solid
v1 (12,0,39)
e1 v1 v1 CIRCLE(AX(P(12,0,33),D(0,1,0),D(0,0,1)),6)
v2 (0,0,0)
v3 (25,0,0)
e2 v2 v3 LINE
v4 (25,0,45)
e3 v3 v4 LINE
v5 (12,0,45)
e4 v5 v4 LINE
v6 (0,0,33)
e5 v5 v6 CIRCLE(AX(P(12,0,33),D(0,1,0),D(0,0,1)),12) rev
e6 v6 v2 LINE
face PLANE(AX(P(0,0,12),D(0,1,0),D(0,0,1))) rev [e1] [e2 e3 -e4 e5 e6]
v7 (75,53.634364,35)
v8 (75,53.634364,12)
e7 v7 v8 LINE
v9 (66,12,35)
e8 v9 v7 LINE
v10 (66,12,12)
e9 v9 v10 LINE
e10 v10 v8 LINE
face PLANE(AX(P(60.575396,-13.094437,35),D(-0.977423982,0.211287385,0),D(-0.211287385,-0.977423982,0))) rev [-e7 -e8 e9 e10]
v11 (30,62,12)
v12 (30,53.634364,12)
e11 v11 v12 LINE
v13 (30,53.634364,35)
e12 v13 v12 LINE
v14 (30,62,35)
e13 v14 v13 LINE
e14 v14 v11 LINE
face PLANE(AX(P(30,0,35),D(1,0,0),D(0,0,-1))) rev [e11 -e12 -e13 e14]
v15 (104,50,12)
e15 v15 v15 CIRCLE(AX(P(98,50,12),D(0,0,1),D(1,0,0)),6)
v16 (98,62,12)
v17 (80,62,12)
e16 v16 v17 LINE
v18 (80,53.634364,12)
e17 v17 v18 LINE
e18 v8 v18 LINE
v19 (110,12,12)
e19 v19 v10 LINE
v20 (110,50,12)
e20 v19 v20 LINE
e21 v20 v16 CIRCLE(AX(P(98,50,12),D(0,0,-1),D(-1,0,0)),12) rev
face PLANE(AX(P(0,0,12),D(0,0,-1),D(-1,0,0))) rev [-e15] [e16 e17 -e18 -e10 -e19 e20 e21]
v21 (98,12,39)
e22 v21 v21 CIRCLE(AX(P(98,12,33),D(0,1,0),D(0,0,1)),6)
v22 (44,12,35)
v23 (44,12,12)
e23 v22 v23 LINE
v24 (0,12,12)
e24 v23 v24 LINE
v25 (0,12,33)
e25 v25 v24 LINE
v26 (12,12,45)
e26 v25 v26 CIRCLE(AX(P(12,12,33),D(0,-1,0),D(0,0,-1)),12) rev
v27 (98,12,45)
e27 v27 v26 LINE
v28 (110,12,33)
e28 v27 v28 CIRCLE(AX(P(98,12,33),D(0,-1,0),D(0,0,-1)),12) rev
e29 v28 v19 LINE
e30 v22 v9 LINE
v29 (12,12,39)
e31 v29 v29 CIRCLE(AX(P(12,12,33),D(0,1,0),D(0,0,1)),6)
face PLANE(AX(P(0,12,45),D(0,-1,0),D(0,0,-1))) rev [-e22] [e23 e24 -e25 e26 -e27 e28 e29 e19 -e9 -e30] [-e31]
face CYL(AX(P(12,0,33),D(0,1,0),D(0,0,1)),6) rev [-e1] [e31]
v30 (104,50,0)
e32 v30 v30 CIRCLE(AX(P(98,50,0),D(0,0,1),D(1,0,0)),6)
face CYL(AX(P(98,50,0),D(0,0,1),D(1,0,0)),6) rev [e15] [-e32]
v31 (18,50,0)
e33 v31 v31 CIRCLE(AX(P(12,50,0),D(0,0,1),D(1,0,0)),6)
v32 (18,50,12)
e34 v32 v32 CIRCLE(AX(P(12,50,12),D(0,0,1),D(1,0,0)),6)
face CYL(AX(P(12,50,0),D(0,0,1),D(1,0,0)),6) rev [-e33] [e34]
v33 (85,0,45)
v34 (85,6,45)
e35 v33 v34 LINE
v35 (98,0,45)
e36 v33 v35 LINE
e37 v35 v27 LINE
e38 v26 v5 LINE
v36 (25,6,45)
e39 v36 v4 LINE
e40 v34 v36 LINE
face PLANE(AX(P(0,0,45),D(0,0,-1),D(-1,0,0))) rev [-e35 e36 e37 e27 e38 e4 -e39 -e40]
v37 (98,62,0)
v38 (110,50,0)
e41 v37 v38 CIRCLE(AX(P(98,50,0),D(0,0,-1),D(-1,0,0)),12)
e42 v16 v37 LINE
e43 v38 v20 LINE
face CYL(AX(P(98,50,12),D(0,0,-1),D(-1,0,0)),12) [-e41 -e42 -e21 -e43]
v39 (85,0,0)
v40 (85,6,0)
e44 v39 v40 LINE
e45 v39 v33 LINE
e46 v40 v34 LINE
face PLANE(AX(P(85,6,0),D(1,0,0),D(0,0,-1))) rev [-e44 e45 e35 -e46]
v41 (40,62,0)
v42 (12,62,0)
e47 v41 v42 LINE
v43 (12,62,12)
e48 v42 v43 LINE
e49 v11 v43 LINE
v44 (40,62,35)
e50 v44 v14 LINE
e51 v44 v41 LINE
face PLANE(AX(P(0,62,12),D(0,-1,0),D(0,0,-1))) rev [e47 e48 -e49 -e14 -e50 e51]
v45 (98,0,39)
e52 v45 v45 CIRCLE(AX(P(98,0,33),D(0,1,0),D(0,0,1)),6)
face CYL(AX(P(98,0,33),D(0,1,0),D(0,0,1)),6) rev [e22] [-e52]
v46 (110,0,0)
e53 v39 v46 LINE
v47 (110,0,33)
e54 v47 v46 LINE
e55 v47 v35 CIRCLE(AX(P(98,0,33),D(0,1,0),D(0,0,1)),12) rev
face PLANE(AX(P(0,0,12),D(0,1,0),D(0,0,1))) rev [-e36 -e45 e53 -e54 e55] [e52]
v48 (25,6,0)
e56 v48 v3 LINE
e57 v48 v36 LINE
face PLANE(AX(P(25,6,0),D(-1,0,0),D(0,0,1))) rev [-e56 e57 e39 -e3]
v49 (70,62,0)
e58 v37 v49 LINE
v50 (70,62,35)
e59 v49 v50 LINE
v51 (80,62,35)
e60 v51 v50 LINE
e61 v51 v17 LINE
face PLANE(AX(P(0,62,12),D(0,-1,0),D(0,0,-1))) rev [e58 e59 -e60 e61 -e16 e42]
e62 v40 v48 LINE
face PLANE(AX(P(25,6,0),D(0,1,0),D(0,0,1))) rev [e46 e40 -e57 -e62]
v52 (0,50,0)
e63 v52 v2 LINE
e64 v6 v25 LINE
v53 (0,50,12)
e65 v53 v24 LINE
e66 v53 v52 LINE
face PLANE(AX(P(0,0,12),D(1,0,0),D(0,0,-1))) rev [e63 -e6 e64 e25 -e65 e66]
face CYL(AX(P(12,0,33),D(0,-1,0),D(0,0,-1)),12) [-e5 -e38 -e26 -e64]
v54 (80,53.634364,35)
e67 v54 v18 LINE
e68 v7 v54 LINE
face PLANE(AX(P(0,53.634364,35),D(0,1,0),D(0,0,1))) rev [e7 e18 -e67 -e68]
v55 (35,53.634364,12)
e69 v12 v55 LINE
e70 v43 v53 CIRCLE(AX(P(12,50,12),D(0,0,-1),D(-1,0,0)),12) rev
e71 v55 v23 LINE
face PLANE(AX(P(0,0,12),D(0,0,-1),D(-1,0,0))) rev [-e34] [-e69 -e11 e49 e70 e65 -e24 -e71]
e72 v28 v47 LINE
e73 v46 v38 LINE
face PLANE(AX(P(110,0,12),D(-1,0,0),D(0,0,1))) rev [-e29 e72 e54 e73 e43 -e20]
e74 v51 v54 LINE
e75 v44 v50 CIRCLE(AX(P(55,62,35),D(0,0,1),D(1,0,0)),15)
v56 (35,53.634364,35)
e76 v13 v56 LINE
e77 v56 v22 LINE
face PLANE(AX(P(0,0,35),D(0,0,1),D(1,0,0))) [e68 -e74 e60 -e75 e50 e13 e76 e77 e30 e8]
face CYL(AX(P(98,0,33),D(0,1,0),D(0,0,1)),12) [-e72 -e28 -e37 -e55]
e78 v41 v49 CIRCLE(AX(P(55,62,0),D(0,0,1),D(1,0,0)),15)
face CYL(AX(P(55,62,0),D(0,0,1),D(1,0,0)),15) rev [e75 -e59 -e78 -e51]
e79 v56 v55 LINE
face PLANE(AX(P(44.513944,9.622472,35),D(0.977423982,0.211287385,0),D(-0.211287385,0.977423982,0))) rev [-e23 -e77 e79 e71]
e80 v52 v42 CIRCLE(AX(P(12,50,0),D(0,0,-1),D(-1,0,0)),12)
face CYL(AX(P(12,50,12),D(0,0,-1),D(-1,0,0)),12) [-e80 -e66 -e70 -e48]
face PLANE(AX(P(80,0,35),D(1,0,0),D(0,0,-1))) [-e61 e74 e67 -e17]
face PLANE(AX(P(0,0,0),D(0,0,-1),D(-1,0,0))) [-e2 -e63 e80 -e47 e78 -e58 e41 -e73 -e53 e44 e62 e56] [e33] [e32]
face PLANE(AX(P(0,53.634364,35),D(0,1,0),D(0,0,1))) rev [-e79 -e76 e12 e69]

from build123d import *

# Parameters (mm, degrees)
SKETCH1_W           = 110
SKETCH1_H           = 62
BOSS_EXTRUDE1_DEPTH = 12
SKETCH2_W           = 110
SKETCH2_H           = 12
BOSS_EXTRUDE2_DEPTH = 33
BOSS_EXTRUDE3_DEPTH = 23
SKETCH7_R           = 6
CUT_EXTRUDE8_DEPTH  = 131.510535973
SKETCH9_R           = 6
CUT_EXTRUDE9_DEPTH  = 131.510535973
SKETCH10_R          = 6
CUT_EXTRUDE10_DEPTH = 129.937969582
SKETCH11_R          = 6
CUT_EXTRUDE11_DEPTH = 129.937969582
SKETCH15_W          = 60
SKETCH15_H          = 6
CUT_EXTRUDE15_DEPTH = 135.048498686
FILLET3_R           = 12
SKETCH16_R          = 15
CUT_EXTRUDE16_DEPTH = 132.030530793


with BuildPart() as part:
    # Sketch1 → Boss-Extrude1 (new body)
    with BuildSketch(Plane.XY):
        with Locations((55, 31)):
            Rectangle(SKETCH1_W, SKETCH1_H)
    extrude(amount=BOSS_EXTRUDE1_DEPTH)

    # Sketch2 → Boss-Extrude2 (add)
    with BuildSketch(Plane.XY.offset(12)):
        with Locations((55, 6)):
            Rectangle(SKETCH2_W, SKETCH2_H)
    extrude(amount=BOSS_EXTRUDE2_DEPTH)

    # Sketch3 → Boss-Extrude3 (add)
    with BuildSketch(Plane.XY.offset(12)):
        Polygon((75, 53.634363687), (35, 53.634363687), (44, 12), (66, 12), align=None)
        Polygon((80, 62), (30, 62), (30, 53.634363687), (35, 53.634363687), (75, 53.634363687), (80, 53.634363687), align=None)
    extrude(amount=BOSS_EXTRUDE3_DEPTH)

    # Sketch7 → Cut-Extrude8 (cut, through all)
    with BuildSketch(Plane.XY.offset(12)):
        with Locations((12, 50)):
            Circle(SKETCH7_R)
    extrude(amount=-CUT_EXTRUDE8_DEPTH, mode=Mode.SUBTRACT)

    # Sketch9 → Cut-Extrude9 (cut, through all)
    with BuildSketch(Plane.XY.offset(12)):
        with Locations((98, 50)):
            Circle(SKETCH9_R)
    extrude(amount=-CUT_EXTRUDE9_DEPTH, mode=Mode.SUBTRACT)

    # Sketch10 → Cut-Extrude10 (cut, through all)
    with BuildSketch(Plane(origin=(0, 12, 0), x_dir=(1, 0, 0), z_dir=(0, 1, 0))):
        with Locations(Location((12, -33, 0), (0, 0, 270))):
            Circle(SKETCH10_R)
    extrude(amount=-CUT_EXTRUDE10_DEPTH, mode=Mode.SUBTRACT)

    # Sketch11 → Cut-Extrude11 (cut, through all)
    with BuildSketch(Plane(origin=(0, 12, 0), x_dir=(1, 0, 0), z_dir=(0, 1, 0))):
        with Locations(Location((98, -33, 0), (0, 0, 270))):
            Circle(SKETCH11_R)
    extrude(amount=-CUT_EXTRUDE11_DEPTH, mode=Mode.SUBTRACT)

    # Sketch15 → Cut-Extrude15 (cut, through all)
    with BuildSketch(Plane.XY.offset(45)):
        with Locations((55, 3)):
            Rectangle(SKETCH15_W, SKETCH15_H)
    extrude(amount=-CUT_EXTRUDE15_DEPTH, mode=Mode.SUBTRACT)

    # Fillet3
    fillet3_edges = [part.edges().sort_by_distance(p)[0] for p in [
        (0, 6, 45),
        (110, 6, 45),
        (0, 62, 6),
        (110, 62, 6),
    ]]
    fillet(fillet3_edges, radius=FILLET3_R)

    # Sketch16 → Cut-Extrude16 (cut, through all)
    with BuildSketch(Plane.XY.offset(35)):
        with Locations((55, 62)):
            Circle(SKETCH16_R)
    extrude(amount=-CUT_EXTRUDE16_DEPTH, mode=Mode.SUBTRACT)


solid = part.part
